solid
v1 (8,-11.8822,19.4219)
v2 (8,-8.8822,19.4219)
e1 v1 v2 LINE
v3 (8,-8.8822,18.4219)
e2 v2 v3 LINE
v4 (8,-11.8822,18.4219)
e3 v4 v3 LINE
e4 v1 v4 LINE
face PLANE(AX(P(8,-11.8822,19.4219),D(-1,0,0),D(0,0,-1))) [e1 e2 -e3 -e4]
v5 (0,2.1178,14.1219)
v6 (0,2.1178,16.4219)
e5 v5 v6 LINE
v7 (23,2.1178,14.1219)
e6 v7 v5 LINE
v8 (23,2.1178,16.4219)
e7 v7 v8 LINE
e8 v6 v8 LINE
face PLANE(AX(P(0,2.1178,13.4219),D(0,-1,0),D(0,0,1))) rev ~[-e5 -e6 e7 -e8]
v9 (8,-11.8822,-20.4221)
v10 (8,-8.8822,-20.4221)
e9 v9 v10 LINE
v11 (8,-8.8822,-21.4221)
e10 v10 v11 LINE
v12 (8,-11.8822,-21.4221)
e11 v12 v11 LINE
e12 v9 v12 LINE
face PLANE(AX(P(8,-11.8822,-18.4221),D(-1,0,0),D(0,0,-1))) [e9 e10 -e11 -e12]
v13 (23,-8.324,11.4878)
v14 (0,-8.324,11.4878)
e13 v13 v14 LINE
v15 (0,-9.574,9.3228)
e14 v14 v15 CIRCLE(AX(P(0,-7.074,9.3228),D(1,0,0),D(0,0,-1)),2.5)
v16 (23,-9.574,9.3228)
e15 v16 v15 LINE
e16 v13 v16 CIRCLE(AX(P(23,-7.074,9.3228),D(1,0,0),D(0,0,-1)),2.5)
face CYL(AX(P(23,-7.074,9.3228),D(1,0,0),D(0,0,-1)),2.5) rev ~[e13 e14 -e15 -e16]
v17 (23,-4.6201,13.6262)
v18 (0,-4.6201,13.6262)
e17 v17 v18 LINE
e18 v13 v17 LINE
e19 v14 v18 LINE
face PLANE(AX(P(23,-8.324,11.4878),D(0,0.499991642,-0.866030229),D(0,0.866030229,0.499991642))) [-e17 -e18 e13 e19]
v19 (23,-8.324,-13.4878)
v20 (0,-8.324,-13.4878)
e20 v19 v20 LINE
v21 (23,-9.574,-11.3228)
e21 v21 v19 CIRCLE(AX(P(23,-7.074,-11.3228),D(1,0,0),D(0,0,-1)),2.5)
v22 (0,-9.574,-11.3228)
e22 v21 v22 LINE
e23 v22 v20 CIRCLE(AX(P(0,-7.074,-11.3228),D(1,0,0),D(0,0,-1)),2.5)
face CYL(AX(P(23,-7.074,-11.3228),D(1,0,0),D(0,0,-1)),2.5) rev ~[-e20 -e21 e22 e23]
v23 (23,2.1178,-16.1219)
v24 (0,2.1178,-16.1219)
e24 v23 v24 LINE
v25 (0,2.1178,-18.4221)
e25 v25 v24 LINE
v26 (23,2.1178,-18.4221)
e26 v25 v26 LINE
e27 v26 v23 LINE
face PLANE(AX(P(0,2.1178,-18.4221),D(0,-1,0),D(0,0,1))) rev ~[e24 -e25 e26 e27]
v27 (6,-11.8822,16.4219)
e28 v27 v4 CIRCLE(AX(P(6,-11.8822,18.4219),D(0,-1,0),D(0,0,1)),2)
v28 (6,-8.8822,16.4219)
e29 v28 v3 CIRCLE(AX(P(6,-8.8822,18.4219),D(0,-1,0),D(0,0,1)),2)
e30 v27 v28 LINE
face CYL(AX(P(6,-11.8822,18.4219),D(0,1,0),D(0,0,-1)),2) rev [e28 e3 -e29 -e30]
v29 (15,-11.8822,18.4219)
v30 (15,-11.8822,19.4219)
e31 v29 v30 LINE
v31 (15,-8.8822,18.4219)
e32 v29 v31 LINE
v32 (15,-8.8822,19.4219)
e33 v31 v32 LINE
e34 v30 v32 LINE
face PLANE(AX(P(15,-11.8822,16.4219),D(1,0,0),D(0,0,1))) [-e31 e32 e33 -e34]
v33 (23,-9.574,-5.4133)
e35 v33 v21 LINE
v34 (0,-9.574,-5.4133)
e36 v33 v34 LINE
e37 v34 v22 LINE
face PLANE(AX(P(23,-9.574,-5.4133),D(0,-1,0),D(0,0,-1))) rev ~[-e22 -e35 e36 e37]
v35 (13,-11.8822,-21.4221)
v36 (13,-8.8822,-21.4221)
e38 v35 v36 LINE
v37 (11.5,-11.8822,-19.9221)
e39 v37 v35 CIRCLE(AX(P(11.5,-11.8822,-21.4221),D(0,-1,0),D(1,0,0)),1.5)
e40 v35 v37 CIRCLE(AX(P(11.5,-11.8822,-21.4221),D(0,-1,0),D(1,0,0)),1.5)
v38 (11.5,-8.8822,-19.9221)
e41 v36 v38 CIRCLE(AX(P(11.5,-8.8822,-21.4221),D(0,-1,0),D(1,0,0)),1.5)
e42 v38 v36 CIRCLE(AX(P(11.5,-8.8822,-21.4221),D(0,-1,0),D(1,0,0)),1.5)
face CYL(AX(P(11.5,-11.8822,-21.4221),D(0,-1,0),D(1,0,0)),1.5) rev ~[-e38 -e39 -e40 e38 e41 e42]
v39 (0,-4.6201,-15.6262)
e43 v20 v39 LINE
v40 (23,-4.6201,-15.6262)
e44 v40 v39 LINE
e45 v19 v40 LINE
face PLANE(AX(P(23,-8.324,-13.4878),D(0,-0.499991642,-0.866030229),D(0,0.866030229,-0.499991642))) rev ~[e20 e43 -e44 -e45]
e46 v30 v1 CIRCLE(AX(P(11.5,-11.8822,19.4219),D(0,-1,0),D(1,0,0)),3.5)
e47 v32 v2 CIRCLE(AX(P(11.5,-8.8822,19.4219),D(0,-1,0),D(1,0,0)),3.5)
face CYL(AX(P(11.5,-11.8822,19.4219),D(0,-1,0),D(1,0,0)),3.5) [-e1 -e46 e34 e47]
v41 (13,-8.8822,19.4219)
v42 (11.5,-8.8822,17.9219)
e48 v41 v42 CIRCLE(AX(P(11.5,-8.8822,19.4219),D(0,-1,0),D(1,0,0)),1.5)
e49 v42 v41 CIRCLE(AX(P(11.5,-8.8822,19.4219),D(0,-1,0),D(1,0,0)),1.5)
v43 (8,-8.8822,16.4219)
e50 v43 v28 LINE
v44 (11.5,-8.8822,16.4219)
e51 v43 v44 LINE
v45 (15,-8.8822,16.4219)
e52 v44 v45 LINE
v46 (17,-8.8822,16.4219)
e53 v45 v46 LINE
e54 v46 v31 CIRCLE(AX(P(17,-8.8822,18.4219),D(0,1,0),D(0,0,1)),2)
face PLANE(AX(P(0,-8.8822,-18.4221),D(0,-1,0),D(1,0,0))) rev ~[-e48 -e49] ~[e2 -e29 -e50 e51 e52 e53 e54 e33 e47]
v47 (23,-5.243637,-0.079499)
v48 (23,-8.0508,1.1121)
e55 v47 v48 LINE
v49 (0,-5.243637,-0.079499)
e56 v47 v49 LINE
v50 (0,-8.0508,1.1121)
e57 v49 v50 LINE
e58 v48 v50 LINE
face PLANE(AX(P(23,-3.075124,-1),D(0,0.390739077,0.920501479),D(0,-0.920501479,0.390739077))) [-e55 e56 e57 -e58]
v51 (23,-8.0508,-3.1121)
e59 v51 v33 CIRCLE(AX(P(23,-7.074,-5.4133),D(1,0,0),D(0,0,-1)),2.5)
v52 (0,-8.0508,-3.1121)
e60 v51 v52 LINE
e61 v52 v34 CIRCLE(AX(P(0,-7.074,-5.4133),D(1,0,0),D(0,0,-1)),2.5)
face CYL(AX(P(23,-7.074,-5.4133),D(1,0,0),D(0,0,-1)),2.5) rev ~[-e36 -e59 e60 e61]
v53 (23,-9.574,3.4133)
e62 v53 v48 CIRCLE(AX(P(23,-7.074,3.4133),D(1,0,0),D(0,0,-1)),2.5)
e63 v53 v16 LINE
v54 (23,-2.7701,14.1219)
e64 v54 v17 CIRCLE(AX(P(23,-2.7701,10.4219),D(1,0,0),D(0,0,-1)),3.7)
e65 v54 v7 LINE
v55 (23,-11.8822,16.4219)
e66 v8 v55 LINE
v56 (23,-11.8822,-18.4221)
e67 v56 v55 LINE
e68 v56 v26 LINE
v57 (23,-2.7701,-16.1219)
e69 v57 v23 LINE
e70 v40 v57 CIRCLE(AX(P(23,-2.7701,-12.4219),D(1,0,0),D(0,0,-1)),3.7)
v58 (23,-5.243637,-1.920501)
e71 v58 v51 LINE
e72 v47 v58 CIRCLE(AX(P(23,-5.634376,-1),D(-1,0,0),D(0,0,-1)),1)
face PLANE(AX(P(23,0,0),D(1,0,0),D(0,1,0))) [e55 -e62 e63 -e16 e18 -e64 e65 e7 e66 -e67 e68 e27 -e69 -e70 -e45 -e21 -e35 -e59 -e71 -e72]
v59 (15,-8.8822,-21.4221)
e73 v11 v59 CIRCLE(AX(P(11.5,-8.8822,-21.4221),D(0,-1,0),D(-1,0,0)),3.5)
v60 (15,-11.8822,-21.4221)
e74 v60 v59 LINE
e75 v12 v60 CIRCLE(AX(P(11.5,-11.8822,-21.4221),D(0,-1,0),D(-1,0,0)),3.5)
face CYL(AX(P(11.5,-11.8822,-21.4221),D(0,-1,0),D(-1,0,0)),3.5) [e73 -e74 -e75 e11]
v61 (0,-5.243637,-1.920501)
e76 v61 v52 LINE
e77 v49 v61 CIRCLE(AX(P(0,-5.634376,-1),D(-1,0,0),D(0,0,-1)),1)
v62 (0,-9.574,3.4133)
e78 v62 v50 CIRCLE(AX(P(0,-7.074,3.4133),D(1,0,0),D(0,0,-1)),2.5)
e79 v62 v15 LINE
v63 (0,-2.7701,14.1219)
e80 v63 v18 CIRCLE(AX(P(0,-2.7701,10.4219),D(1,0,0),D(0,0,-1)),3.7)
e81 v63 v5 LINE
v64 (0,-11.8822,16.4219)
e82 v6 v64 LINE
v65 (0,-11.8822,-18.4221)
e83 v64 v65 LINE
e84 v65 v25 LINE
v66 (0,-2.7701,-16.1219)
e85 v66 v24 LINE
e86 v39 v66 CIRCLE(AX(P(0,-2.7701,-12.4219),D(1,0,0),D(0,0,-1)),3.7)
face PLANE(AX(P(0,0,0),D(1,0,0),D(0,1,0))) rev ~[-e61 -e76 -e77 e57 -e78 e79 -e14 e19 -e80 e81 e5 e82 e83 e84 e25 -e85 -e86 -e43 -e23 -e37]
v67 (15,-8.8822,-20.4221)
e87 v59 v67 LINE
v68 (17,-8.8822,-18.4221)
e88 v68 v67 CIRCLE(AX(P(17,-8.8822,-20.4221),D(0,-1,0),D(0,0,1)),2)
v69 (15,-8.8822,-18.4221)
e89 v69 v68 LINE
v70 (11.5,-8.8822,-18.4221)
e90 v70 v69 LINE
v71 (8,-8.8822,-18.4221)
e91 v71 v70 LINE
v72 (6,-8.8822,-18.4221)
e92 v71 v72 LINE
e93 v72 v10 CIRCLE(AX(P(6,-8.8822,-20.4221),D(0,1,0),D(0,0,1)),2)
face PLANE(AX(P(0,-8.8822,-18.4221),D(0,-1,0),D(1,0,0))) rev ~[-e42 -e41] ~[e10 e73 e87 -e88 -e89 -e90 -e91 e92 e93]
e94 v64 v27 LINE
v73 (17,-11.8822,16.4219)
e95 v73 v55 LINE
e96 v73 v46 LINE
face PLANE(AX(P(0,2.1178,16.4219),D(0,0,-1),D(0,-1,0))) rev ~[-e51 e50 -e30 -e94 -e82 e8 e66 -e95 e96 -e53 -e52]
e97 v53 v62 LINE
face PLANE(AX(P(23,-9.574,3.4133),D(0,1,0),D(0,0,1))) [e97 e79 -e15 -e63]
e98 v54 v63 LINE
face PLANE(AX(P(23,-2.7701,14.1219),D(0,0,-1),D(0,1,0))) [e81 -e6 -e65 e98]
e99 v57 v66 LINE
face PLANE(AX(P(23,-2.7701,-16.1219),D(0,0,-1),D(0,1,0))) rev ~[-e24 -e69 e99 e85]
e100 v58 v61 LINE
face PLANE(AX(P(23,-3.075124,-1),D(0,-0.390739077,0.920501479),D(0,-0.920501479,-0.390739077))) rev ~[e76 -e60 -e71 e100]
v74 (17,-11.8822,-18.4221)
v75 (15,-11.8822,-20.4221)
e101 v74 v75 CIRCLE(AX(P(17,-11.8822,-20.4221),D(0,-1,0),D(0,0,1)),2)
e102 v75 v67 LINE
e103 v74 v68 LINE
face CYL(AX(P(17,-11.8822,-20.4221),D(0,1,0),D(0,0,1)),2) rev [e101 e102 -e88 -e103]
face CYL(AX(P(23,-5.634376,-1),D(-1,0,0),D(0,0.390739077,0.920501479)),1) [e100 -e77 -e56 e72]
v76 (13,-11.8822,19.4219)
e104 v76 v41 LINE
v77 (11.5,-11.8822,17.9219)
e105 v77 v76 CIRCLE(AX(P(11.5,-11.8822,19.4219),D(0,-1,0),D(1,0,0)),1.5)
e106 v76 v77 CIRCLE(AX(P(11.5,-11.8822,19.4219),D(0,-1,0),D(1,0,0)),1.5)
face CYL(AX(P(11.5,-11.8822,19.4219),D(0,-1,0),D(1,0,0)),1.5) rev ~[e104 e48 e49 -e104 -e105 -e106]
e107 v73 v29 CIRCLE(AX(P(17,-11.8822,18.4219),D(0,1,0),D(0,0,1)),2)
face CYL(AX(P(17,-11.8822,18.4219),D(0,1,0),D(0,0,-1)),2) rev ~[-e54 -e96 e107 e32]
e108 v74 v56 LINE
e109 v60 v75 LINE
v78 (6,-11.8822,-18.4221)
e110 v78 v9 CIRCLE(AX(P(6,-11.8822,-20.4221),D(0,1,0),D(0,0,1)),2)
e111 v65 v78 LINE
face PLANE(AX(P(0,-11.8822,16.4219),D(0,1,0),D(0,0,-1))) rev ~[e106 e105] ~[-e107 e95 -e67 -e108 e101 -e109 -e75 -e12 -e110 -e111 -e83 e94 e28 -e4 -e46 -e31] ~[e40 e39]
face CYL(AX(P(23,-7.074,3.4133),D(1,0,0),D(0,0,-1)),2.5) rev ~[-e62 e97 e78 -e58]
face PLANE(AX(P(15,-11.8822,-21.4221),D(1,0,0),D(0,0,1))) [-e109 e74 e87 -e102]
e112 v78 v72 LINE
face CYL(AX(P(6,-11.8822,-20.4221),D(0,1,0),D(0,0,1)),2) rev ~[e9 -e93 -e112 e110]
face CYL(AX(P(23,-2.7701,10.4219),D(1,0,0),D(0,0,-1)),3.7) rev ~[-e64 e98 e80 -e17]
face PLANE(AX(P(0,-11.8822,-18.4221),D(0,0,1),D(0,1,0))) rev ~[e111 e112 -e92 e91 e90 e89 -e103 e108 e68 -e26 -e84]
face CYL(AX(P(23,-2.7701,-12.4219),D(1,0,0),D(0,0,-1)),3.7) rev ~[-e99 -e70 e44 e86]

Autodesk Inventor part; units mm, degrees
ref_plane "YZ Plane" through (0, 0, 0) normal (1, 0, 0) x (0, 1, 0)
ref_plane "XZ Plane" through (0, 0, 0) normal (0, 1, 0) x (-1, 0, 0)
ref_plane "XY Plane" through (0, 0, 0) normal (0, 0, 1) x (1, 0, 0)
sketch "Sketch1" plane through (0, 0, 0) normal (1, 0, 0) x (0, 1, 0)
  arc A0 (-7.974, 10.8816) -> (-8.874, 9.3228) centre (-7.074, 9.3228) ccw
  line L0 (-8.874, 9.3228) -> (-8.874, 3.4133)
  line L1 (-8.874, 9.3228) -> (-8.874, 3.4133)
  arc A1 (-1.981, -0.7039) -> (0, -1) centre (-0.4181, 2.9781) ccw
  line L2 (-7.7773, 1.7564) -> (-1.981, -0.7039)
  line L3 (2.1178, 13.4219) -> (-2.7701, 13.4219)
  line L4 (-1.981, -0.7039) -> (2.1178, 13.4219)
  line L5 (2.1178, 13.4219) -> (-2.7701, 13.4219)
  arc A2 (-2.7701, 13.4219) -> (-4.2701, 13.02) centre (-2.7701, 10.4219) ccw
  line L6 (-4.2701, 13.02) -> (-12.9304, 8.02)
  line L7 (-4.2701, 13.02) -> (-7.974, 10.8816)
  circle A3 centre (-7.074, 9.3228) radius 1.8
  circle A4 centre (-2.7701, 10.4219) radius 3
  arc A5 (-8.874, 3.4133) -> (-7.7773, 1.7564) centre (-7.074, 3.4133) ccw
  circle A6 centre (-7.074, 3.4133) radius 1.8
  line L8 (0, -1) -> (-3.8233, -1)
  arc A7 (-8.874, -11.3228) -> (-7.974, -12.8816) centre (-7.074, -11.3228) ccw
  line L9 (-8.874, -11.3228) -> (-8.874, -5.4133)
  line L10 (-8.874, -11.3228) -> (-8.874, -5.4133)
  line L11 (-7.7773, -3.7564) -> (-1.981, -1.2961)
  line L12 (2.1178, -15.4219) -> (-2.7701, -15.4219)
  line L13 (-1.981, -1.2961) -> (2.1178, -15.4219)
  line L14 (2.1178, -15.4219) -> (-2.7701, -15.4219)
  arc A8 (-4.2701, -15.02) -> (-2.7701, -15.4219) centre (-2.7701, -12.4219) ccw
  line L15 (-4.2701, -15.02) -> (-12.9304, -10.02)
  line L16 (-4.2701, -15.02) -> (-7.974, -12.8816)
  circle A9 centre (-7.074, -11.3228) radius 1.8
  circle A10 centre (-2.7701, -12.4219) radius 3
  arc A11 (-7.7773, -3.7564) -> (-8.874, -5.4133) centre (-7.074, -5.4133) ccw
  circle A12 centre (-7.074, -5.4133) radius 1.8
  line L17 (-1.981, -0.7039) -> (-1.981, -1.2961)
  line L18 (2.1178, 13.4219) -> (2.1178, 16.4219)
  line L19 (2.1178, 16.4219) -> (-11.8822, 16.4219)
  line L20 (-11.8822, 16.4219) -> (-11.8822, -18.4221)
  line L21 (-11.8822, -18.4221) -> (2.1178, -18.4221)
  line L22 (2.1178, -18.4221) -> (2.1178, -15.4219)
  point P0 (0, 0)
  point P1 (4.8736, 0.62)
  point P2 (-0.4181, -4.9781)
  point P3 (-4.2701, -15.02)
  point P4 (-7.974, 10.8816)
  dimension "d0" = 10
  dimension "d1" = 3
  dimension "d2" = 14
  dimension "d3" = 34.844
extrude "Extrusion1" add sketch "Sketch1" along normal blind 23 contours L6 L20 L19 L18 L3 A2 | A0 L0 A5 L2 L17 L11 A11 L9 A7 L15 L20 L6 | L15 A8 L12 L22 L21 L20
sketch "Sketch2" plane through (23, 0, 0) normal (1, 0, 0) x (0, 0, -1)
  line L0 (-13.4219, -2.7701) -> (-13.4219, 2.1178) projected
  line L1 (-13.4219, 2.1178) -> (-13.4219, -2.7701)
  line L2 (-13.4219, -2.7701) -> (-14.1219, -2.7701)
  line L3 (-14.1219, -2.7701) -> (-14.1219, 2.1178)
  line L4 (-14.1219, 2.1178) -> (-13.4219, 2.1178)
  line L5 (-10.8816, -7.974) -> (-13.02, -4.2701) projected
  line L6 (-13.02, -4.2701) -> (-10.8816, -7.974)
  line L7 (-10.8816, -7.974) -> (-11.4878, -8.324)
  line L8 (-11.4878, -8.324) -> (-13.6262, -4.6201)
  line L9 (-13.6262, -4.6201) -> (-13.02, -4.2701)
  arc A0 (-10.8816, -7.974) -> (-9.3228, -8.874) centre (-9.3228, -7.074) ccw projected
  arc A1 (-3.4133, -8.874) -> (-1.7564, -7.7773) centre (-3.4133, -7.074) ccw projected
  line L10 (-9.3228, -8.874) -> (-3.4133, -8.874)
  line L11 (-3.4133, -8.874) -> (-3.4133, -9.574)
  line L12 (-3.4133, -9.574) -> (-9.3228, -9.574)
  line L13 (-9.3228, -9.574) -> (-9.3228, -8.874)
  line L14 (0.7039, -1.981) -> (-1.7564, -7.7773) projected
  line L15 (-1.7564, -7.7773) -> (0.7039, -1.981)
  line L16 (0.7039, -1.981) -> (1.3483, -2.2546)
  line L17 (1.3483, -2.2546) -> (-1.1121, -8.0508)
  line L18 (-1.1121, -8.0508) -> (-1.7564, -7.7773)
  line L19 (1.2961, -1.981) -> (0.7039, -1.981) projected
  line L20 (1, -1.981) -> (1, -3.9334)
  arc A2 (-13.4219, -2.7701) -> (-13.02, -4.2701) centre (-10.4219, -2.7701) ccw projected
  circle A3 centre (-10.4219, -2.7701) radius 3.7
  circle A4 centre (-9.3228, -7.074) radius 2.5
  circle A5 centre (-3.4133, -7.074) radius 2.5
  line L21 (15.4219, -2.7701) -> (15.4219, 2.1178)
  line L22 (15.4219, 2.1178) -> (15.4219, -2.7701)
  line L23 (15.4219, -2.7701) -> (16.1219, -2.7701)
  line L24 (16.1219, -2.7701) -> (16.1219, 2.1178)
  line L25 (16.1219, 2.1178) -> (15.4219, 2.1178)
  line L26 (12.8816, -7.974) -> (15.02, -4.2701)
  line L27 (15.02, -4.2701) -> (12.8816, -7.974)
  line L28 (12.8816, -7.974) -> (13.4878, -8.324)
  line L29 (13.4878, -8.324) -> (15.6262, -4.6201)
  line L30 (15.6262, -4.6201) -> (15.02, -4.2701)
  arc A6 (11.3228, -8.874) -> (12.8816, -7.974) centre (11.3228, -7.074) ccw
  arc A7 (3.7564, -7.7773) -> (5.4133, -8.874) centre (5.4133, -7.074) ccw
  line L31 (11.3228, -8.874) -> (5.4133, -8.874)
  line L32 (5.4133, -8.874) -> (5.4133, -9.574)
  line L33 (5.4133, -9.574) -> (11.3228, -9.574)
  line L34 (11.3228, -9.574) -> (11.3228, -8.874)
  line L35 (1.2961, -1.981) -> (3.7564, -7.7773)
  line L36 (3.7564, -7.7773) -> (1.2961, -1.981)
  line L37 (0.6517, -2.2546) -> (3.1121, -8.0508)
  line L38 (3.1121, -8.0508) -> (3.7564, -7.7773)
  arc A8 (15.02, -4.2701) -> (15.4219, -2.7701) centre (12.4219, -2.7701) ccw
  circle A9 centre (12.4219, -2.7701) radius 3.7
  circle A10 centre (11.3228, -7.074) radius 2.5
  circle A11 centre (5.4133, -7.074) radius 2.5
  point P0 (0, 0)
  point P1 (13.7491, -6.4715)
  point P2 (13.6826, -6.2487)
  point P3 (13.9372, -6.1456)
  point P4 (-11.9372, -6.1456)
  point P5 (-11.6826, -6.2487)
  point P6 (-11.7491, -6.4715)
  point P7 (-13.6262, -4.6201)
  point P8 (-9.3228, -9.574)
  point P9 (-1.1121, -8.0508)
  point P10 (1, -3.0751)
  point P11 (3.1121, -8.0508)
  point P12 (11.3228, -9.574)
  point P13 (15.6262, -4.6201)
  point P14 (16.1219, -2.7701)
  point P15 (15.4219, -0.6045)
  point P16 (9.6476, -5.2182)
  point P17 (9.5878, -8.874)
  point P18 (7.1483, -8.874)
  point P19 (3.0785, -6.1803)
  point P20 (-1.0785, -6.1803)
  point P21 (-5.1483, -8.874)
  point P22 (-7.5878, -8.874)
  point P23 (-7.6476, -5.2182)
  point P24 (-13.4219, -0.6045)
  point P25 (-14.1219, -2.7701)
  dimension "d6" = 0.7
  dimension "d7" = 0.7
  dimension "d8" = 0.7
  dimension "d9" = 0.7
extrude "Extrusion2" cut sketch "Sketch2" against normal blind 23 contours L2 A3 L0 | A2 L9 A3 L2 | L0 A3 A4 L5 A2 | A3 L3 L4 L0 | L5 A3 L9 | A3 L5 A4 L8 | A4 L10 A0 L5 A3 | A3 A4 | A4 L5 L7 | L7 A0 L13 A4 | A4 L10 A5 L12 | L13 L10 A4 | A5 L10 L11 | L11 A1 L18 A5 | A5 L14 A1 L10 | A5 L14 L16 L20 L17 | L18 L14 A5 | L20 L16 L17 | L17 L16 L20 L19 L35 A11 L37 | L19 L20 L16 | A11 L35 L38 | L38 A7 L32 A11 | L35 A11 L31 A7 | A11 L31 A10 L33 | L32 L31 A11 | A10 L31 L34 | L34 A6 L28 A10 | L31 A10 A9 L26 A6 | A10 L26 A9 L29 | L28 L26 A10 | A9 L26 L30 | L30 A8 L23 A9 | A10 A9 | A9 L21 A8 L26 A10 | A9 L21 L25 L24 | L23 L21 A9
fillet "Fillet1" radius 1 1 edges at (11.5, -3.0751, -1)
sketch "Sketch3" plane through (0, -11.8822, -18.4221) normal (0, -1, 0) x (1, 0, 0)
  line L0 (0, 0) -> (23, 0) projected
  line L1 (11.5, 0) -> (11.5, -3)
  line L2 (0, 34.844) -> (23, 34.844) projected
  line L3 (11.5, 34.844) -> (11.5, 37.844)
  circle A0 centre (11.5, 37.844) radius 1.5
  circle A1 centre (11.5, -3) radius 1.5
  line L4 (11.5, 37.844) -> (11.5, -3) construction
  line L5 (8, 37.844) -> (8, -3)
  line L6 (15, -3) -> (15, 37.844)
  arc A2 (15, 37.844) -> (8, 37.844) centre (11.5, 37.844) ccw
  arc A3 (8, -3) -> (15, -3) centre (11.5, -3) ccw
  point P0 (0, 18.4221)
  point P1 (11.5, 17.422)
  point P2 (8, 0)
  point P3 (15, 0)
  point P4 (15, 34.844)
  point P5 (8, 34.844)
  dimension "d13" = 3
  dimension "d14" = 3
  dimension "d15" = 3
  dimension "d16" = 3
  dimension "d17" = 7
extrude "Extrusion3" add sketch "Sketch3" against normal blind 3 contours L0 L6 A3 L5 | L5 A2 L6 L2
fillet "Fillet2" radius 2 4 edges at (15, -10.3822, 16.4219) (8, -10.3822, 16.4219) (15, -10.3822, -18.4221) (8, -10.3822, -18.4221)
properties part number "wago_support"
